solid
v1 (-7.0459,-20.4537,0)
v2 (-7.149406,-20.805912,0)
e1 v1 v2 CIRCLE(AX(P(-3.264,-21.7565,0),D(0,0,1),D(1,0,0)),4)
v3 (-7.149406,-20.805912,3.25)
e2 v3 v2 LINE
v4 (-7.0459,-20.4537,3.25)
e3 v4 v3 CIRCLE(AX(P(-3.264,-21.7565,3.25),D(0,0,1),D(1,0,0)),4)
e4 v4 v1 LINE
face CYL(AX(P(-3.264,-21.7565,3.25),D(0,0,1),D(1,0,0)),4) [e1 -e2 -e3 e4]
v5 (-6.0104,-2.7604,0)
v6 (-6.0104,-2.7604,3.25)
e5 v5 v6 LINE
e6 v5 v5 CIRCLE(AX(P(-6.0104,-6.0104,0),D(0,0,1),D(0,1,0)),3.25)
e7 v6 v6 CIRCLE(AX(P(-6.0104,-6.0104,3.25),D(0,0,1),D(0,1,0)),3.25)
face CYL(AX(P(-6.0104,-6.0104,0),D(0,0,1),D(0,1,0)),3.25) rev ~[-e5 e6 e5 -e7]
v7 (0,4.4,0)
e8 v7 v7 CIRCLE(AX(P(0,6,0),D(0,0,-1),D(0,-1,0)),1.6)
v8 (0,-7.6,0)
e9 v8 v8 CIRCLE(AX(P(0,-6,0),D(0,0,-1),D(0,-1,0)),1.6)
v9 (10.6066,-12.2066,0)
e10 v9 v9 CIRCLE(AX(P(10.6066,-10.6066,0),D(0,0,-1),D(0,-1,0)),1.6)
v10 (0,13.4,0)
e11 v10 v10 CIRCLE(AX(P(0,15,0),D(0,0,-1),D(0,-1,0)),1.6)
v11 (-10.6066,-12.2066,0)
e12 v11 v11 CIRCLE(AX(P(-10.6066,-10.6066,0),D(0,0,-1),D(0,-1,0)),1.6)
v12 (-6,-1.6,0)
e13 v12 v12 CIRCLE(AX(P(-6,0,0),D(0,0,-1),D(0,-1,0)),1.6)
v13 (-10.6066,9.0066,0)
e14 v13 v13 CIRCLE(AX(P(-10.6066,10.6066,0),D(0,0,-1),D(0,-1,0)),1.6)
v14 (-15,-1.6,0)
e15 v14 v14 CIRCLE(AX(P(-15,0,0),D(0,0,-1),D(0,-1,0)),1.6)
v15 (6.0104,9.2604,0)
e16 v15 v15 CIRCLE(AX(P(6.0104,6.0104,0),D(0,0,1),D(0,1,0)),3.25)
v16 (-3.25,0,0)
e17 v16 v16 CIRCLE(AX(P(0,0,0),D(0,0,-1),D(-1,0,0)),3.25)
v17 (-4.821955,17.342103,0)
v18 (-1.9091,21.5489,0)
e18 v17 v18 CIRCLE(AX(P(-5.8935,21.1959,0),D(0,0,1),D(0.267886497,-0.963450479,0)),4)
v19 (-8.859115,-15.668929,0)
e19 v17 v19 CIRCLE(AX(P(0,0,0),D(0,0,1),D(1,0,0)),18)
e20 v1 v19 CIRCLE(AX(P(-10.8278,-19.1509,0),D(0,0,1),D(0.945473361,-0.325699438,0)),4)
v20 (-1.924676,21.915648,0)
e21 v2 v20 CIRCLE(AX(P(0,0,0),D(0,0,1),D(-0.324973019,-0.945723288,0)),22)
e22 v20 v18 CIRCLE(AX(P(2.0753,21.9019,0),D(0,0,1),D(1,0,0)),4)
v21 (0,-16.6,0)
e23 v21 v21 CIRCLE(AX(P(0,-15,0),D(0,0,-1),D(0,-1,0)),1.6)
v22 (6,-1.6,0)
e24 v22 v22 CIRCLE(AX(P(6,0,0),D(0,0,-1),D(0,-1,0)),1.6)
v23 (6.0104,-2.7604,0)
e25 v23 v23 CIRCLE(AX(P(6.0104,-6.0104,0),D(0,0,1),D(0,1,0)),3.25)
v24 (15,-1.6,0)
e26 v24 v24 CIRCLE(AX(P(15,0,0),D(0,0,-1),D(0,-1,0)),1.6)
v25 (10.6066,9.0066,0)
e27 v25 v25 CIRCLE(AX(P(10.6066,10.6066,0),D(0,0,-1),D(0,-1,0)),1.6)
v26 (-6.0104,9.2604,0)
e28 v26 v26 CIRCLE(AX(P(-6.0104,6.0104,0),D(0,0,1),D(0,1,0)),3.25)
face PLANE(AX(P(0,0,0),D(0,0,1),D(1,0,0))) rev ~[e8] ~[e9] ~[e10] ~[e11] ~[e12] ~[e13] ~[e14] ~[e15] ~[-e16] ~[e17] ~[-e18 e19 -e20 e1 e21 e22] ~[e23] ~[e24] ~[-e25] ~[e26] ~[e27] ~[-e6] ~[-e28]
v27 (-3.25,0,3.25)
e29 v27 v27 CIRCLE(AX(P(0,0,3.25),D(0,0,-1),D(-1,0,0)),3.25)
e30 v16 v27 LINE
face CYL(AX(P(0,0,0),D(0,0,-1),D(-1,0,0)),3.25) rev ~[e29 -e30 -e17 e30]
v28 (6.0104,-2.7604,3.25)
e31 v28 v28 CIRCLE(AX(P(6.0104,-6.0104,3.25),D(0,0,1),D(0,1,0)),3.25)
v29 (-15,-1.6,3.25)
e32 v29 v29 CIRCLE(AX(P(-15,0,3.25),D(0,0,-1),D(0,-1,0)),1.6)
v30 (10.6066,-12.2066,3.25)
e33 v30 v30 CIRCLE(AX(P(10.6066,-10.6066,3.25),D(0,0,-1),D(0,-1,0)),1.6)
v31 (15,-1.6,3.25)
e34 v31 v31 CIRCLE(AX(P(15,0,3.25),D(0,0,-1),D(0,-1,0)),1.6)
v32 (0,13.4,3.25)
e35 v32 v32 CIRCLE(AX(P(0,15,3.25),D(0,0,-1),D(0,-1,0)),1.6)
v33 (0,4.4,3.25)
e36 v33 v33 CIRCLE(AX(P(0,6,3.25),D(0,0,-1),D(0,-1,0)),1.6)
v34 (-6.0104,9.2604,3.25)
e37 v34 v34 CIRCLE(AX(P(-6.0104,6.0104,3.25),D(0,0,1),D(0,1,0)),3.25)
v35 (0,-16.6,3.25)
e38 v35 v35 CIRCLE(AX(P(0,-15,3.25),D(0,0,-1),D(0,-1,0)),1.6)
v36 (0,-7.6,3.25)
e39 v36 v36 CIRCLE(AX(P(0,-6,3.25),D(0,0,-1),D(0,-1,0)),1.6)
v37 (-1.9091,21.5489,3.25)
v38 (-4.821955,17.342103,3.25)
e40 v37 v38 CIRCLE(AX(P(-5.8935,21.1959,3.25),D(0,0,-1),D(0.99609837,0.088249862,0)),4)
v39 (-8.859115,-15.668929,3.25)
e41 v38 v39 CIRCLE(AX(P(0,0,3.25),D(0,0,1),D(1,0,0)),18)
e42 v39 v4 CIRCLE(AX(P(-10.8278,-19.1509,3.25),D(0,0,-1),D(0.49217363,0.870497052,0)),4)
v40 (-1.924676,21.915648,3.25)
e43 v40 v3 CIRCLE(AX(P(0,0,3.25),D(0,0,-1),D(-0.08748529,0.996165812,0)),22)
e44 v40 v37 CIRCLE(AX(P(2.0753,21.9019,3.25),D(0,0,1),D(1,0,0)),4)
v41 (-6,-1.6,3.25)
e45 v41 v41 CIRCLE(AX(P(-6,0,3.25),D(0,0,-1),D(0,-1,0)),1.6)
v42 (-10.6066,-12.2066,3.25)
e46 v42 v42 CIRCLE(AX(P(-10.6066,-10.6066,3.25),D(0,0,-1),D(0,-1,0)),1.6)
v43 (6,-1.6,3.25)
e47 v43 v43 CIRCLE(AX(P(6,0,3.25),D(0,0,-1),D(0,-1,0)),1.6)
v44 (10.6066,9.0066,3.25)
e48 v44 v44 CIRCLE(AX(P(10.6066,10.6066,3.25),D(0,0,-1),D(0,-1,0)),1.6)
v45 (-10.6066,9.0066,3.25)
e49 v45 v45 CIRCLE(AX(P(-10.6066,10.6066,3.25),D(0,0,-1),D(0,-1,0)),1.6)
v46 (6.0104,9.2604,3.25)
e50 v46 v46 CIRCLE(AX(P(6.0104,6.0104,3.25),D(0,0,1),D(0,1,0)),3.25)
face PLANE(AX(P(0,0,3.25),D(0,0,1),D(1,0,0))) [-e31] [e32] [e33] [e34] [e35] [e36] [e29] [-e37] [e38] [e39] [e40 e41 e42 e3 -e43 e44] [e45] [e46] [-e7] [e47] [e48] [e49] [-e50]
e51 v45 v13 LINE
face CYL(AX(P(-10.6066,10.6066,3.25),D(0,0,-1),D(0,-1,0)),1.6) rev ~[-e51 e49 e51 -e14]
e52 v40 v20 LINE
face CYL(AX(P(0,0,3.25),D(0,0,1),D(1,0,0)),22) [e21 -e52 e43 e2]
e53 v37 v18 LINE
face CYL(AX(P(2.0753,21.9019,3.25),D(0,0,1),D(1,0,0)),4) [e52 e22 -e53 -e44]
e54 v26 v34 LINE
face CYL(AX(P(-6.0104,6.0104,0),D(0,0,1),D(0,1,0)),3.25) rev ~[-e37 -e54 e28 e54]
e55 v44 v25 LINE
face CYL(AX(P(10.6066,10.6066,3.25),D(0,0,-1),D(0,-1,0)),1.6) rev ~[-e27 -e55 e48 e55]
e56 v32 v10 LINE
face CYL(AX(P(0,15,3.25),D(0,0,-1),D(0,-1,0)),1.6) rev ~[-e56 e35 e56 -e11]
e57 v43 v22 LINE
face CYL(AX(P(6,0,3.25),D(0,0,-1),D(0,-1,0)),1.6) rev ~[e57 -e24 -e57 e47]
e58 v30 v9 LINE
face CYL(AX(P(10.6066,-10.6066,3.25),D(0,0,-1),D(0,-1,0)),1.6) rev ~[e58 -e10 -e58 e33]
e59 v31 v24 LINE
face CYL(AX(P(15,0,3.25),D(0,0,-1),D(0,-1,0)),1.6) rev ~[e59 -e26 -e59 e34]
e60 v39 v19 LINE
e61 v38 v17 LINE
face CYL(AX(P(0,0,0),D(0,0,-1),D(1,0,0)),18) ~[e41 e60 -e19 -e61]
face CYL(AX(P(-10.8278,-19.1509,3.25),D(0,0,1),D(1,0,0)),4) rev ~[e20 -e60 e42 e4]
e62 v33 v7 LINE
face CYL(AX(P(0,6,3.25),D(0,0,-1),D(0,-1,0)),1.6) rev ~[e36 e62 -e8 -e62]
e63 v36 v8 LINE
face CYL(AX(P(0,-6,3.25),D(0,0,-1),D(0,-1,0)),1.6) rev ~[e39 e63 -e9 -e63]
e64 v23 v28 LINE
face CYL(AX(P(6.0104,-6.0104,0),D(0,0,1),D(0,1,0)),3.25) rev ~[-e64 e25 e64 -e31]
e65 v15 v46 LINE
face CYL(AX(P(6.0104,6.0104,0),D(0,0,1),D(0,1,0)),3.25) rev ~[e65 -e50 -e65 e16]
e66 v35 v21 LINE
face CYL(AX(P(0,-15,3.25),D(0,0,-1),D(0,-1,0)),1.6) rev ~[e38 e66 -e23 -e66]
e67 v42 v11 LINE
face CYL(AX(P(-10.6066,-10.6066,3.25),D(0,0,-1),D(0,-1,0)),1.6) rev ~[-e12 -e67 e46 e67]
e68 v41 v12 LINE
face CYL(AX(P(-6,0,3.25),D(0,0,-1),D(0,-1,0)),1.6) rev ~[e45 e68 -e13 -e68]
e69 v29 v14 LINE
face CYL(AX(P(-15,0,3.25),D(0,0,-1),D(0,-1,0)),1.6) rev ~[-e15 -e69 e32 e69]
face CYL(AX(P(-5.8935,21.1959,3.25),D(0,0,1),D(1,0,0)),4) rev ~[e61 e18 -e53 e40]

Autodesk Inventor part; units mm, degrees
ref_plane "YZ Plane" through (0, 0, 0) normal (1, 0, 0) x (0, 1, 0)
ref_plane "XZ Plane" through (0, 0, 0) normal (0, 1, 0) x (-1, 0, 0)
ref_plane "XY Plane" through (0, 0, 0) normal (0, 0, 1) x (1, 0, 0)
sketch "スケッチ1" plane through (0, 0, 0) normal (0, 0, 1) x (1, 0, 0)
  circle A0 centre (0, 0) radius 18
  dimension "d0" = 36
extrude "押し出し1" add sketch "スケッチ1" along normal blind 3.25
sketch "スケッチ2" plane through (0, 0, 3.25) normal (0, 0, 1) x (1, 0, 0)
  circle A0 centre (0, 0) radius 6
  point P0 (0, 6)
  point P1 (-6, 0)
  point P2 (0, -6)
  point P3 (6, 0)
  dimension "d3" = 12
  dimension "d6" = 360
hole "穴1" at (0, 6, 3.25) at (-6, 0, 3.25) at (0, -6, 3.25) at (6, 0, 3.25) direction (0, 0, -1) diameter 3.2 end through all clearance for "Socket Head Cap Screw" size "M3" standard "Ansi Metric M Profile"
sketch "スケッチ3" plane through (0, 0, 0) normal (0, 0, -1) x (-1, 0, 0)
  circle A0 centre (0, 0) radius 8.5
  point P0 (-6.0104, 6.0104)
  point P1 (-6.0104, -6.0104)
  point P2 (6.0104, -6.0104)
  point P3 (6.0104, 6.0104)
  dimension "d15" = 17
  dimension "d18" = 360
hole "穴2" at (6.0104, 6.0104, 0) at (6.0104, -6.0104, 0) at (-6.0104, -6.0104, 0) at (-6.0104, 6.0104, 0) direction (0, 0, 1) diameter 3.2 end through all counterbore diameter 6.5 counterbore depth 10 clearance for "Socket Head Cap Screw" size "M3" standard "Ansi Metric M Profile"
sketch "スケッチ4" plane through (0, 0, 0) normal (0, 0, -1) x (-1, 0, 0)
  circle A0 centre (0, 0) radius 3.25
  dimension "d27" = 6.5
extrude "押し出し2" cut sketch "スケッチ4" against normal blind 8
sketch "スケッチ5" plane through (0, 0, 3.25) normal (0, 0, 1) x (1, 0, 0)
  circle A0 centre (0, 0) radius 15
  point P0 (0, -15)
  point P1 (10.6066, -10.6066)
  point P2 (15, 0)
  point P3 (10.6066, 10.6066)
  point P4 (0, 15)
  point P5 (-10.6066, 10.6066)
  point P6 (-15, 0)
  point P7 (-10.6066, -10.6066)
  dimension "d31" = 30
  dimension "d34" = 360
hole "穴3" at (0, -15, 3.25) at (10.6066, -10.6066, 3.25) at (15, 0, 3.25) at (10.6066, 10.6066, 3.25) at (0, 15, 3.25) at (-10.6066, 10.6066, 3.25) at (-15, 0, 3.25) at (-10.6066, -10.6066, 3.25) direction (0, 0, -1) diameter 3.2 end through all clearance for "Socket Head Cap Screw" size "M3" standard "Ansi Metric M Profile"
sketch "スケッチ7" plane through (0, 0, 3.25) normal (0, 0, 1) x (1, 0, 0)
  circle A0 centre (2.0753, 21.9019) radius 4
  circle A1 centre (-17, 14) radius 4 construction
  circle A2 centre (-3.264, -21.7565) radius 4
  circle A3 centre (0, 0) radius 18
  line L0 (-3.264, -21.7565) -> (0, 0) construction
  circle A4 centre (-20.8592, 6.9924) radius 4 construction
  circle A5 centre (-10.8624, 19.1313) radius 4 construction
  line L1 (-10.8624, 19.1313) -> (0, 0) construction
  line L2 (0, 0) -> (-20.8592, 6.9924) construction
  line L3 (0, 0) -> (2.0753, 21.9019) construction
  arc A6 (-3.8575, -25.7123) -> (2.4526, 25.8841) centre (0, 0) ccw
  circle A7 centre (0, 0) radius 18
  circle A8 centre (-5.8935, 21.1959) radius 4
  circle A9 centre (-10.8278, -19.1509) radius 4
  circle A10 centre (0, 0) radius 22
  point P0 (-1.9091, 21.5489)
  point P1 (-7.1494, -20.8059)
  point P2 (-4.822, 17.3421)
  point P3 (-8.8591, -15.669)
  point P4 (-7.0459, -20.4537)
  point P5 (-1.9247, 21.9156)
  point P6 (-1.9091, 21.5489)
  dimension "d57" = 44
  dimension "d46" = 17
  dimension "d47" = 14
  dimension "d48" = 8
  dimension "d49" = 8
  dimension "d50" = 8
  dimension "d51" = 8
  dimension "d52" = 8
  dimension "d53" = 35
  dimension "d54" = 100
  dimension "d55" = 8
  dimension "d56" = 8
extrude "押し出し4" add sketch "スケッチ7" against normal up to surface (3.25 mm away) contours A10 A2 A3 A0 | A0 A10 | A3 A8 A0 | A2 A10 | A9 A3 A2 picked at (1.947, 20.5476) picked at (-3.0622, -20.4112)
properties part number "s_base6" material "ABS プラスチック"
